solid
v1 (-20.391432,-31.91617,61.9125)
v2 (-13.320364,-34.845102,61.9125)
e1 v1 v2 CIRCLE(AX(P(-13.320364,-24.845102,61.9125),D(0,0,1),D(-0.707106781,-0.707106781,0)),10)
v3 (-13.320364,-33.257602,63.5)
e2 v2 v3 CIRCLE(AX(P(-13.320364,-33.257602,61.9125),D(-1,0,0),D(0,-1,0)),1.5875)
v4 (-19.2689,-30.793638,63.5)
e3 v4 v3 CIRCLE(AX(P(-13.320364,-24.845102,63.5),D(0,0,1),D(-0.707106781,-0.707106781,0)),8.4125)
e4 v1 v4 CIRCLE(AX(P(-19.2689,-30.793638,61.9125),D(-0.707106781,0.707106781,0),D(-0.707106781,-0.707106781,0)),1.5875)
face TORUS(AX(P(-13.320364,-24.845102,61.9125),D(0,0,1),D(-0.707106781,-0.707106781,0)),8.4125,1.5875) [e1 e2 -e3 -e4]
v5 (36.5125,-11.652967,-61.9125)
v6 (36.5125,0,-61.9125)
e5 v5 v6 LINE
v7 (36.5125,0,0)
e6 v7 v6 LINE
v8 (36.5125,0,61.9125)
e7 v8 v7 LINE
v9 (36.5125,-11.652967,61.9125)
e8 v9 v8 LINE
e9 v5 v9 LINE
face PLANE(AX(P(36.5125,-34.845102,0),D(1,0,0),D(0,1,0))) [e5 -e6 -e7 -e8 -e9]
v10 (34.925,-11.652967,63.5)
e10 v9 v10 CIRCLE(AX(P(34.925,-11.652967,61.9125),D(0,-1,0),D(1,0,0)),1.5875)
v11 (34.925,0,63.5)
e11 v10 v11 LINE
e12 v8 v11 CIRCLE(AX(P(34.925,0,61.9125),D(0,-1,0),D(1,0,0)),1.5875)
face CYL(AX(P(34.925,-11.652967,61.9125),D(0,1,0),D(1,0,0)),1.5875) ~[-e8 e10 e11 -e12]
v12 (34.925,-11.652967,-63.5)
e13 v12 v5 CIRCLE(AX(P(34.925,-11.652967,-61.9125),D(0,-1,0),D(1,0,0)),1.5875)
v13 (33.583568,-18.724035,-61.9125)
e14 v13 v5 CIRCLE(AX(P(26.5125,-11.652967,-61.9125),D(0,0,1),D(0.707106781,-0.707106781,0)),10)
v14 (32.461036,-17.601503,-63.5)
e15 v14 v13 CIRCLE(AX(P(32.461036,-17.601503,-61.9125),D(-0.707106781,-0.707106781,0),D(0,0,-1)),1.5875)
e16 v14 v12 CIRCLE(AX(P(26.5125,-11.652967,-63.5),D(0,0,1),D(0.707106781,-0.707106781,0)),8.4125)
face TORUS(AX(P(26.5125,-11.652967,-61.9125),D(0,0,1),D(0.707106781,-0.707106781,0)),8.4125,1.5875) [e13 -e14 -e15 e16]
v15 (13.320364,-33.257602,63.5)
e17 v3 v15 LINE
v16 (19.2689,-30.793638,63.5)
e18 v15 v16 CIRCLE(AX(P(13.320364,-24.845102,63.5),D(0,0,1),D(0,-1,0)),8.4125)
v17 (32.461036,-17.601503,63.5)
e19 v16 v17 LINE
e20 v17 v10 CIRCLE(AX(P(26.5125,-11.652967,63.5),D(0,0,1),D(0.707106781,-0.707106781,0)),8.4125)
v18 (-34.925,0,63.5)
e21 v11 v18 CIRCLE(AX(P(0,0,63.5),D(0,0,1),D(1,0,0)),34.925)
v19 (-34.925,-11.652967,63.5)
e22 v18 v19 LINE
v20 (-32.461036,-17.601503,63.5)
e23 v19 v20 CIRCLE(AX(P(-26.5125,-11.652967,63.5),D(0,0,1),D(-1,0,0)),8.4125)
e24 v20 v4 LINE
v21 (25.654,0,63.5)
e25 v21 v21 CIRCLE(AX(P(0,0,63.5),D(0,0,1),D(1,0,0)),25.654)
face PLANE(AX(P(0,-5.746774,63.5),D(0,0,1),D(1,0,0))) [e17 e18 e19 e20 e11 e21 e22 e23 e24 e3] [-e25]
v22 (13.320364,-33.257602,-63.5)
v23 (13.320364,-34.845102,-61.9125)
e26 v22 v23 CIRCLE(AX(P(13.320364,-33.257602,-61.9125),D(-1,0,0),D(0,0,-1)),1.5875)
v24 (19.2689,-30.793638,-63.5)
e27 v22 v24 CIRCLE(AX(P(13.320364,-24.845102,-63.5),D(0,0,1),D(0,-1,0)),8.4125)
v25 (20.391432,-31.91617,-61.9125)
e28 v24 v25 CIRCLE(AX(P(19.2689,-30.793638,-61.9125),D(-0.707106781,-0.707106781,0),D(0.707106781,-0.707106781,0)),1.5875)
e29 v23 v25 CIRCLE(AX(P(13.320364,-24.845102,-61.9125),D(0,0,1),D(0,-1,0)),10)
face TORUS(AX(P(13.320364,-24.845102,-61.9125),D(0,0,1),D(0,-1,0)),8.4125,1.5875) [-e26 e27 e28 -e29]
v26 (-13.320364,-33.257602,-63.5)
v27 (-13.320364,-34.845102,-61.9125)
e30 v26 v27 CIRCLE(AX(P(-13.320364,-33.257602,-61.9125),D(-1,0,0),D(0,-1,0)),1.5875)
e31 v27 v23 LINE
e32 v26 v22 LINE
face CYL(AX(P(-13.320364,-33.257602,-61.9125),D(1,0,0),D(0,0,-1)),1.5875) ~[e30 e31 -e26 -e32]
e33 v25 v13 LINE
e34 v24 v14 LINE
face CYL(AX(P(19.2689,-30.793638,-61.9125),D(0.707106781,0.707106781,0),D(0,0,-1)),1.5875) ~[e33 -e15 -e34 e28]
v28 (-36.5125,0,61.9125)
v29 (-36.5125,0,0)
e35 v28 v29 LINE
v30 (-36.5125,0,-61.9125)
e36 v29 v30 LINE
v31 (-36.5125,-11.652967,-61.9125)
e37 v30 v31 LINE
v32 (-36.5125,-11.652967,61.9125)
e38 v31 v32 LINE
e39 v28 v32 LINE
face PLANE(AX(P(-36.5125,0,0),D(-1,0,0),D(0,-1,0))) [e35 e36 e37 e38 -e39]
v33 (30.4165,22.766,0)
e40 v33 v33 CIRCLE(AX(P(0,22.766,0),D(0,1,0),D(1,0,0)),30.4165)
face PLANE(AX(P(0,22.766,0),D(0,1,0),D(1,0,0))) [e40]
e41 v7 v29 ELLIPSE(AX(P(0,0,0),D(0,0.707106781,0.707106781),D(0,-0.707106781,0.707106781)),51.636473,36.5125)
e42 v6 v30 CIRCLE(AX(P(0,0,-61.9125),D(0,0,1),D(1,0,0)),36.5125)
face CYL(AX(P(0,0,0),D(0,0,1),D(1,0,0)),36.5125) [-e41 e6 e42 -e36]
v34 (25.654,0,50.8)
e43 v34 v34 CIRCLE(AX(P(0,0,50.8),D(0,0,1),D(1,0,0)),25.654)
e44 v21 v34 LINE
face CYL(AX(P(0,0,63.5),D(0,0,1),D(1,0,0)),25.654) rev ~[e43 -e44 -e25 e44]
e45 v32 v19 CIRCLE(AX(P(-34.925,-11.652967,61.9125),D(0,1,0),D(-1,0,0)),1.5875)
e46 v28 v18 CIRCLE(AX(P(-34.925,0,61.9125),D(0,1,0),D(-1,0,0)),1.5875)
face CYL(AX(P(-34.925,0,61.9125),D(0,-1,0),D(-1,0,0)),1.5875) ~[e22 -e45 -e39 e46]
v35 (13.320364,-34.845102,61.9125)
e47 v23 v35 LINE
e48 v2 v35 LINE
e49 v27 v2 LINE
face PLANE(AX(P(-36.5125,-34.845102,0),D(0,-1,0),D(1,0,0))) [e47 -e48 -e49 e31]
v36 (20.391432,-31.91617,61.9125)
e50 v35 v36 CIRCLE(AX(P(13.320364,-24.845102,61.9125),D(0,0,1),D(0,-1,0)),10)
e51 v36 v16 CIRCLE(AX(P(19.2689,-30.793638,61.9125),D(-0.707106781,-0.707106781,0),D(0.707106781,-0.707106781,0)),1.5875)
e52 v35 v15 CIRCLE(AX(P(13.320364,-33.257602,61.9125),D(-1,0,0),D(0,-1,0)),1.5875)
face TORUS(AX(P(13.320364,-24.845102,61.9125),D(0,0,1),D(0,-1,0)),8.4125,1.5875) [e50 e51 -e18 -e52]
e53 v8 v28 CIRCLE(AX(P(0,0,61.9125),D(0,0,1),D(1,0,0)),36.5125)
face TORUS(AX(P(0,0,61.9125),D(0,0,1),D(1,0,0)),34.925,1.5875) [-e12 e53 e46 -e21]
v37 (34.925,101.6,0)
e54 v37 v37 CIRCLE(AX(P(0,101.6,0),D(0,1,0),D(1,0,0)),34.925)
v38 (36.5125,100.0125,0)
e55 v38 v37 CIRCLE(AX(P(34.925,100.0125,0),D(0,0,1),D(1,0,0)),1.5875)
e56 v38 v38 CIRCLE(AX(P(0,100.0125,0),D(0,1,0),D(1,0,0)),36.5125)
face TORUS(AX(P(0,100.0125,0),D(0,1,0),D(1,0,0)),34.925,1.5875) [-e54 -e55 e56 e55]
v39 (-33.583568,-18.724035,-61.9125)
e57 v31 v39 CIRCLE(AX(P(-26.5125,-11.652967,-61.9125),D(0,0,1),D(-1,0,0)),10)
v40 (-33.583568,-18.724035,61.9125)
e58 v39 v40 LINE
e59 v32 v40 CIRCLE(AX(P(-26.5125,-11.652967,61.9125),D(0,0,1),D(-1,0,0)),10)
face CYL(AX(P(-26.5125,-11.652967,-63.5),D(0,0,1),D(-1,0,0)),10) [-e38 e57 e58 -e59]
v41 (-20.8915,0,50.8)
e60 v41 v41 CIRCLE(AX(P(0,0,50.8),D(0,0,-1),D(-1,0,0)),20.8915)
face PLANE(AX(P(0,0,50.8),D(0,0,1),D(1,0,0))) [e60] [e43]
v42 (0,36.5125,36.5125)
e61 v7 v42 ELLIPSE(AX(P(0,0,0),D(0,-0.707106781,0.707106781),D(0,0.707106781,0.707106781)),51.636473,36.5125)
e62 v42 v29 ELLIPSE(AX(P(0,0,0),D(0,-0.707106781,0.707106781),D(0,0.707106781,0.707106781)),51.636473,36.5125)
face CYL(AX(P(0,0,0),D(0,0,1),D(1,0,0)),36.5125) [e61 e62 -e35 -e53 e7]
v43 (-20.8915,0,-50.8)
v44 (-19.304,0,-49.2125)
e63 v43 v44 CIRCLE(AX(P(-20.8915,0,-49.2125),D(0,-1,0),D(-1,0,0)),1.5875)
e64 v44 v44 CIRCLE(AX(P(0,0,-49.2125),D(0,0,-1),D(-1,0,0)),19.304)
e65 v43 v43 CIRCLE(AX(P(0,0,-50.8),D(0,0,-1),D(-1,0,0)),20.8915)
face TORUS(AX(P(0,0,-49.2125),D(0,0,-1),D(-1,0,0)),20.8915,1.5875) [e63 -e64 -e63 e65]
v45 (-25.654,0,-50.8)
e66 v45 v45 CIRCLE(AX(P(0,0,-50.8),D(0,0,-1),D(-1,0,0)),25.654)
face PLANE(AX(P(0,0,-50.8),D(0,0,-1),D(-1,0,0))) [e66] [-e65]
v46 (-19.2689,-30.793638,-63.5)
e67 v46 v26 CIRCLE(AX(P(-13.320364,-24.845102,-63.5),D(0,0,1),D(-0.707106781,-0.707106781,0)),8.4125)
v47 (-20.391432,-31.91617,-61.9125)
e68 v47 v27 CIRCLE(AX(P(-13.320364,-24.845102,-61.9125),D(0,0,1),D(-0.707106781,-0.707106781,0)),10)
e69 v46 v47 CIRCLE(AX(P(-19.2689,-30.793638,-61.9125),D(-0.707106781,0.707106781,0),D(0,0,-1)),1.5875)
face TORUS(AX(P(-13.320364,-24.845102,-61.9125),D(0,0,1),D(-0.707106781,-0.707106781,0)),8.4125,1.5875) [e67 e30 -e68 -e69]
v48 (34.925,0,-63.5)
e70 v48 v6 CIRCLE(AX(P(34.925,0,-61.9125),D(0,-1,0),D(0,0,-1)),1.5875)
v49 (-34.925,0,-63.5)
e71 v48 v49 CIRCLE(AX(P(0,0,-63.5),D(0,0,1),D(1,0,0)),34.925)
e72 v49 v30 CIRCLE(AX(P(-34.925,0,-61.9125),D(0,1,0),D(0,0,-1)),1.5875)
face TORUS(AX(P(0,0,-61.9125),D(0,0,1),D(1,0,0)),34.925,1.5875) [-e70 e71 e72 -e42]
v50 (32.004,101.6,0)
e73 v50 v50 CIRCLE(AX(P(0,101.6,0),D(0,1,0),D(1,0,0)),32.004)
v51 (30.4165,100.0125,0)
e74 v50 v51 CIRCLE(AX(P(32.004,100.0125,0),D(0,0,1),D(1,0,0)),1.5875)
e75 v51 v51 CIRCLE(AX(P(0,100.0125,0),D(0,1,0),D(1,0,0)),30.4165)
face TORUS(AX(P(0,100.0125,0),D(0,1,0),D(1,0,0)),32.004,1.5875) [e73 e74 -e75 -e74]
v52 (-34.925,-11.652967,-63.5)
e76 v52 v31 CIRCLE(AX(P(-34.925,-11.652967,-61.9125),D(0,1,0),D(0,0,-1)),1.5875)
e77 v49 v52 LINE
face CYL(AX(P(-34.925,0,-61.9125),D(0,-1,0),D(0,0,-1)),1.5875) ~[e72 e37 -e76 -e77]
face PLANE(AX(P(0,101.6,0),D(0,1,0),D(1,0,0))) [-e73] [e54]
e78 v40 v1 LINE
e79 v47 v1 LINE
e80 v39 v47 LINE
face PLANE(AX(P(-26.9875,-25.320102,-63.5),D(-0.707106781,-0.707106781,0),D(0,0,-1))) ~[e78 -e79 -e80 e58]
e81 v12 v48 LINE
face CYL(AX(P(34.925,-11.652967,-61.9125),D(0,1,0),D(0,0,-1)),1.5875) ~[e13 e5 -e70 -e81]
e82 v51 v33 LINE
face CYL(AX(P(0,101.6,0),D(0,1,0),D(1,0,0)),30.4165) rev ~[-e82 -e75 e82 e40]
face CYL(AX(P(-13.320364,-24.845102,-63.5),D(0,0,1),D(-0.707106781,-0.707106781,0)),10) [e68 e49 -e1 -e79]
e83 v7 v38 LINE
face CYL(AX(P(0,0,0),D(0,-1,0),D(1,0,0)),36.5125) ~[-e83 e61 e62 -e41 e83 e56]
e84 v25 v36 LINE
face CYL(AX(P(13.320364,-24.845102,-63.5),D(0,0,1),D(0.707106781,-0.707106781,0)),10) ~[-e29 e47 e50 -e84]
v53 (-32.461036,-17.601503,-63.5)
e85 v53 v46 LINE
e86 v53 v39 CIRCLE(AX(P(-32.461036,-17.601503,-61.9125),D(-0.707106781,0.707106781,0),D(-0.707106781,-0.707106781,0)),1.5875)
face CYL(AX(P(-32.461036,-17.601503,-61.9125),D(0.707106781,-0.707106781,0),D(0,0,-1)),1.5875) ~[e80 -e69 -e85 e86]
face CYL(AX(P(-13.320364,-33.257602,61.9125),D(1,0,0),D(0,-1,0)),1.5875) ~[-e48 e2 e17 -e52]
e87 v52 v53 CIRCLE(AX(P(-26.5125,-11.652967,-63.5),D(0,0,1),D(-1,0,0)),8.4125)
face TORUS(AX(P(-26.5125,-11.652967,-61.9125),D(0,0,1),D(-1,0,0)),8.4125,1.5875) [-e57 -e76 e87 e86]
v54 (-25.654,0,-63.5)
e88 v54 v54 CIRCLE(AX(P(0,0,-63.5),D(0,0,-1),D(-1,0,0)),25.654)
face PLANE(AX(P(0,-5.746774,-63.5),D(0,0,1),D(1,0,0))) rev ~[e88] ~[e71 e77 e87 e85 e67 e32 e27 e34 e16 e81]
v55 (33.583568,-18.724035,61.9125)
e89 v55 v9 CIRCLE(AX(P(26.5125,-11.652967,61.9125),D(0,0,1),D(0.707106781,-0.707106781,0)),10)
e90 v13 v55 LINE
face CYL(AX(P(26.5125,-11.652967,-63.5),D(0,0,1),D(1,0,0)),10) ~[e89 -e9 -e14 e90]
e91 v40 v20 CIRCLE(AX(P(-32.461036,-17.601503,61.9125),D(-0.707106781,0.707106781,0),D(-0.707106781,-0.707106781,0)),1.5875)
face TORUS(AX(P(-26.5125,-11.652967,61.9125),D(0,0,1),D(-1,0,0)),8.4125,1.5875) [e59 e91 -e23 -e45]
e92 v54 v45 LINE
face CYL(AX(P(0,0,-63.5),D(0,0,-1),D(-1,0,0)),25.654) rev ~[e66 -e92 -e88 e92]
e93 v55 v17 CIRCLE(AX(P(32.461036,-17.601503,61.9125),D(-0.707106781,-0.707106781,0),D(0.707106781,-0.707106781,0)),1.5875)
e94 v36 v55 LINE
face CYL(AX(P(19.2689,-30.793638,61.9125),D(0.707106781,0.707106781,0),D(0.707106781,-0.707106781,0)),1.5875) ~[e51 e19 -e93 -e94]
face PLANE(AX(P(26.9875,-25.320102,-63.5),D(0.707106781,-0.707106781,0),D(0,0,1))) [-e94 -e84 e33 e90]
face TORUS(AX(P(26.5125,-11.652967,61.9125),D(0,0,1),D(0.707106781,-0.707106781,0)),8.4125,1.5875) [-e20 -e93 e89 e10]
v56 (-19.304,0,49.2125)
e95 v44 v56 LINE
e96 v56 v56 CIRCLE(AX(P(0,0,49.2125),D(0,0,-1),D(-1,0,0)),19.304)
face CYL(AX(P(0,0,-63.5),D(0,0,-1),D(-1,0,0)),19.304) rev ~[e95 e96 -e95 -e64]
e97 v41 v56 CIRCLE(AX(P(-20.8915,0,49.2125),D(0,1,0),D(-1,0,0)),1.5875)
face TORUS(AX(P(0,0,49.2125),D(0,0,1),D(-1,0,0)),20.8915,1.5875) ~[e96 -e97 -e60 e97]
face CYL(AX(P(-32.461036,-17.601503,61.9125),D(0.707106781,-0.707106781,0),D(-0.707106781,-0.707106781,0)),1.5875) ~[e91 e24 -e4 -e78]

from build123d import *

# Parameters (mm, degrees)
BOSS_EXTRUDE1_DEPTH      = 63.5
BOSS_EXTRUDE1_DEPTH_BACK = 63.5
SKETCH3_R                = 36.5125
BOSS_EXTRUDE2_DEPTH      = 101.6
SKETCH4_R                = 19.304
CUT_EXTRUDE1_DEPTH       = 167.6875
SKETCH5_R                = 25.654
CUT_EXTRUDE2_DEPTH       = 12.7
CUT_EXTRUDE3_START       = -12.7
SKETCH6_R                = 25.654
CUT_EXTRUDE3_DEPTH       = 12.7
SKETCH7_R                = 30.4165
CUT_EXTRUDE4_DEPTH       = 78.834
CHAMFER1_SIZE            = 19.05
FILLET1_R                = 10
FILLET2_R                = 1.5875


with BuildPart() as part:
    # Sketch1 → Boss-Extrude1 (new, two sides: drawn at the far end of the back side and taken through both)
    with BuildSketch(Plane.XY.offset(-BOSS_EXTRUDE1_DEPTH_BACK)):
        with BuildLine():
            Line((-36.5125, 0), (-36.5125, -34.845102384))
            Line((-36.5125, -34.845102384), (36.5125, -34.845102384))
            Line((36.5125, -34.845102384), (36.5125, 0))
            ThreePointArc((36.5125, 0), (0, 36.5125), (-36.5125, 0))
        make_face()
    extrude(amount=BOSS_EXTRUDE1_DEPTH + BOSS_EXTRUDE1_DEPTH_BACK)

    # Sketch3 → Boss-Extrude2 (add)
    with BuildSketch(Plane(origin=(0, 0, 0), x_dir=(1, 0, 0), z_dir=(0, 1, 0))):
        Circle(SKETCH3_R)
    extrude(amount=BOSS_EXTRUDE2_DEPTH)

    # Sketch4 → Cut-Extrude1 (cut, through all)
    with BuildSketch(Plane(origin=(0, 0, -63.5), x_dir=(-1, 0, 0), z_dir=(0, 0, -1))):
        Circle(SKETCH4_R)
    extrude(amount=-CUT_EXTRUDE1_DEPTH, mode=Mode.SUBTRACT)

    # Sketch5 → Cut-Extrude2 (cut)
    with BuildSketch(Plane(origin=(0, 0, -63.5), x_dir=(-1, 0, 0), z_dir=(0, 0, -1))):
        Circle(SKETCH5_R)
    extrude(amount=-CUT_EXTRUDE2_DEPTH, mode=Mode.SUBTRACT)

    # Sketch6 → Cut-Extrude3 (cut)
    with BuildSketch(Plane.XY.offset(63.5).offset(CUT_EXTRUDE3_START)):
        Circle(SKETCH6_R)
    extrude(amount=CUT_EXTRUDE3_DEPTH, mode=Mode.SUBTRACT)

    # Sketch7 → Cut-Extrude4 (cut)
    with BuildSketch(Plane(origin=(0, 101.6, 0), x_dir=(1, 0, 0), z_dir=(0, 1, 0))):
        Circle(SKETCH7_R)
    extrude(amount=-CUT_EXTRUDE4_DEPTH, mode=Mode.SUBTRACT)

    # Chamfer1
    chamfer1_edges = [part.edges().sort_by_distance(p)[0] for p in [
        (36.5125, -34.845102384, 0),
        (-36.5125, -34.845102384, 0),
    ]]
    chamfer(chamfer1_edges, length=CHAMFER1_SIZE)

    # Fillet1
    fillet1_edges = [part.edges().sort_by_distance(p)[0] for p in [
        (36.5125, -15.795102384, 0),
        (17.4625, -34.845102384, 0),
        (-17.4625, -34.845102384, 0),
        (-36.5125, -15.795102384, 0),
    ]]
    fillet(fillet1_edges, radius=FILLET1_R)

    # Fillet2
    fillet2_edges = [part.edges().sort_by_distance(p)[0] for p in [
        (36.5125, -5.82648338, -63.5),
        (35.751295325, -15.479801084, -63.5),
        (26.9875, -25.320102384, -63.5),
        (17.1471987, -34.083897709, -63.5),
        (0, -34.845102384, -63.5),
        (-17.1471987, -34.083897709, -63.5),
        (-26.9875, -25.320102384, -63.5),
        (-35.751295325, -15.479801084, -63.5),
        (-36.5125, -5.82648338, -63.5),
        (36.5125, -5.82648338, 63.5),
        (35.751295325, -15.479801084, 63.5),
        (26.9875, -25.320102384, 63.5),
        (17.1471987, -34.083897709, 63.5),
        (0, -34.845102384, 63.5),
        (-17.1471987, -34.083897709, 63.5),
        (-26.9875, -25.320102384, 63.5),
        (-35.751295325, -15.479801084, 63.5),
        (-36.5125, -5.82648338, 63.5),
        (19.304, 0, -50.8),
        (19.304, 0, 50.8),
        (-30.4165, 101.6, 0),
        (-36.5125, 101.6, 0),
        (0, 36.5125, -63.5),
        (0, 36.5125, 63.5),
    ]]
    fillet(fillet2_edges, radius=FILLET2_R)


solid = part.part
